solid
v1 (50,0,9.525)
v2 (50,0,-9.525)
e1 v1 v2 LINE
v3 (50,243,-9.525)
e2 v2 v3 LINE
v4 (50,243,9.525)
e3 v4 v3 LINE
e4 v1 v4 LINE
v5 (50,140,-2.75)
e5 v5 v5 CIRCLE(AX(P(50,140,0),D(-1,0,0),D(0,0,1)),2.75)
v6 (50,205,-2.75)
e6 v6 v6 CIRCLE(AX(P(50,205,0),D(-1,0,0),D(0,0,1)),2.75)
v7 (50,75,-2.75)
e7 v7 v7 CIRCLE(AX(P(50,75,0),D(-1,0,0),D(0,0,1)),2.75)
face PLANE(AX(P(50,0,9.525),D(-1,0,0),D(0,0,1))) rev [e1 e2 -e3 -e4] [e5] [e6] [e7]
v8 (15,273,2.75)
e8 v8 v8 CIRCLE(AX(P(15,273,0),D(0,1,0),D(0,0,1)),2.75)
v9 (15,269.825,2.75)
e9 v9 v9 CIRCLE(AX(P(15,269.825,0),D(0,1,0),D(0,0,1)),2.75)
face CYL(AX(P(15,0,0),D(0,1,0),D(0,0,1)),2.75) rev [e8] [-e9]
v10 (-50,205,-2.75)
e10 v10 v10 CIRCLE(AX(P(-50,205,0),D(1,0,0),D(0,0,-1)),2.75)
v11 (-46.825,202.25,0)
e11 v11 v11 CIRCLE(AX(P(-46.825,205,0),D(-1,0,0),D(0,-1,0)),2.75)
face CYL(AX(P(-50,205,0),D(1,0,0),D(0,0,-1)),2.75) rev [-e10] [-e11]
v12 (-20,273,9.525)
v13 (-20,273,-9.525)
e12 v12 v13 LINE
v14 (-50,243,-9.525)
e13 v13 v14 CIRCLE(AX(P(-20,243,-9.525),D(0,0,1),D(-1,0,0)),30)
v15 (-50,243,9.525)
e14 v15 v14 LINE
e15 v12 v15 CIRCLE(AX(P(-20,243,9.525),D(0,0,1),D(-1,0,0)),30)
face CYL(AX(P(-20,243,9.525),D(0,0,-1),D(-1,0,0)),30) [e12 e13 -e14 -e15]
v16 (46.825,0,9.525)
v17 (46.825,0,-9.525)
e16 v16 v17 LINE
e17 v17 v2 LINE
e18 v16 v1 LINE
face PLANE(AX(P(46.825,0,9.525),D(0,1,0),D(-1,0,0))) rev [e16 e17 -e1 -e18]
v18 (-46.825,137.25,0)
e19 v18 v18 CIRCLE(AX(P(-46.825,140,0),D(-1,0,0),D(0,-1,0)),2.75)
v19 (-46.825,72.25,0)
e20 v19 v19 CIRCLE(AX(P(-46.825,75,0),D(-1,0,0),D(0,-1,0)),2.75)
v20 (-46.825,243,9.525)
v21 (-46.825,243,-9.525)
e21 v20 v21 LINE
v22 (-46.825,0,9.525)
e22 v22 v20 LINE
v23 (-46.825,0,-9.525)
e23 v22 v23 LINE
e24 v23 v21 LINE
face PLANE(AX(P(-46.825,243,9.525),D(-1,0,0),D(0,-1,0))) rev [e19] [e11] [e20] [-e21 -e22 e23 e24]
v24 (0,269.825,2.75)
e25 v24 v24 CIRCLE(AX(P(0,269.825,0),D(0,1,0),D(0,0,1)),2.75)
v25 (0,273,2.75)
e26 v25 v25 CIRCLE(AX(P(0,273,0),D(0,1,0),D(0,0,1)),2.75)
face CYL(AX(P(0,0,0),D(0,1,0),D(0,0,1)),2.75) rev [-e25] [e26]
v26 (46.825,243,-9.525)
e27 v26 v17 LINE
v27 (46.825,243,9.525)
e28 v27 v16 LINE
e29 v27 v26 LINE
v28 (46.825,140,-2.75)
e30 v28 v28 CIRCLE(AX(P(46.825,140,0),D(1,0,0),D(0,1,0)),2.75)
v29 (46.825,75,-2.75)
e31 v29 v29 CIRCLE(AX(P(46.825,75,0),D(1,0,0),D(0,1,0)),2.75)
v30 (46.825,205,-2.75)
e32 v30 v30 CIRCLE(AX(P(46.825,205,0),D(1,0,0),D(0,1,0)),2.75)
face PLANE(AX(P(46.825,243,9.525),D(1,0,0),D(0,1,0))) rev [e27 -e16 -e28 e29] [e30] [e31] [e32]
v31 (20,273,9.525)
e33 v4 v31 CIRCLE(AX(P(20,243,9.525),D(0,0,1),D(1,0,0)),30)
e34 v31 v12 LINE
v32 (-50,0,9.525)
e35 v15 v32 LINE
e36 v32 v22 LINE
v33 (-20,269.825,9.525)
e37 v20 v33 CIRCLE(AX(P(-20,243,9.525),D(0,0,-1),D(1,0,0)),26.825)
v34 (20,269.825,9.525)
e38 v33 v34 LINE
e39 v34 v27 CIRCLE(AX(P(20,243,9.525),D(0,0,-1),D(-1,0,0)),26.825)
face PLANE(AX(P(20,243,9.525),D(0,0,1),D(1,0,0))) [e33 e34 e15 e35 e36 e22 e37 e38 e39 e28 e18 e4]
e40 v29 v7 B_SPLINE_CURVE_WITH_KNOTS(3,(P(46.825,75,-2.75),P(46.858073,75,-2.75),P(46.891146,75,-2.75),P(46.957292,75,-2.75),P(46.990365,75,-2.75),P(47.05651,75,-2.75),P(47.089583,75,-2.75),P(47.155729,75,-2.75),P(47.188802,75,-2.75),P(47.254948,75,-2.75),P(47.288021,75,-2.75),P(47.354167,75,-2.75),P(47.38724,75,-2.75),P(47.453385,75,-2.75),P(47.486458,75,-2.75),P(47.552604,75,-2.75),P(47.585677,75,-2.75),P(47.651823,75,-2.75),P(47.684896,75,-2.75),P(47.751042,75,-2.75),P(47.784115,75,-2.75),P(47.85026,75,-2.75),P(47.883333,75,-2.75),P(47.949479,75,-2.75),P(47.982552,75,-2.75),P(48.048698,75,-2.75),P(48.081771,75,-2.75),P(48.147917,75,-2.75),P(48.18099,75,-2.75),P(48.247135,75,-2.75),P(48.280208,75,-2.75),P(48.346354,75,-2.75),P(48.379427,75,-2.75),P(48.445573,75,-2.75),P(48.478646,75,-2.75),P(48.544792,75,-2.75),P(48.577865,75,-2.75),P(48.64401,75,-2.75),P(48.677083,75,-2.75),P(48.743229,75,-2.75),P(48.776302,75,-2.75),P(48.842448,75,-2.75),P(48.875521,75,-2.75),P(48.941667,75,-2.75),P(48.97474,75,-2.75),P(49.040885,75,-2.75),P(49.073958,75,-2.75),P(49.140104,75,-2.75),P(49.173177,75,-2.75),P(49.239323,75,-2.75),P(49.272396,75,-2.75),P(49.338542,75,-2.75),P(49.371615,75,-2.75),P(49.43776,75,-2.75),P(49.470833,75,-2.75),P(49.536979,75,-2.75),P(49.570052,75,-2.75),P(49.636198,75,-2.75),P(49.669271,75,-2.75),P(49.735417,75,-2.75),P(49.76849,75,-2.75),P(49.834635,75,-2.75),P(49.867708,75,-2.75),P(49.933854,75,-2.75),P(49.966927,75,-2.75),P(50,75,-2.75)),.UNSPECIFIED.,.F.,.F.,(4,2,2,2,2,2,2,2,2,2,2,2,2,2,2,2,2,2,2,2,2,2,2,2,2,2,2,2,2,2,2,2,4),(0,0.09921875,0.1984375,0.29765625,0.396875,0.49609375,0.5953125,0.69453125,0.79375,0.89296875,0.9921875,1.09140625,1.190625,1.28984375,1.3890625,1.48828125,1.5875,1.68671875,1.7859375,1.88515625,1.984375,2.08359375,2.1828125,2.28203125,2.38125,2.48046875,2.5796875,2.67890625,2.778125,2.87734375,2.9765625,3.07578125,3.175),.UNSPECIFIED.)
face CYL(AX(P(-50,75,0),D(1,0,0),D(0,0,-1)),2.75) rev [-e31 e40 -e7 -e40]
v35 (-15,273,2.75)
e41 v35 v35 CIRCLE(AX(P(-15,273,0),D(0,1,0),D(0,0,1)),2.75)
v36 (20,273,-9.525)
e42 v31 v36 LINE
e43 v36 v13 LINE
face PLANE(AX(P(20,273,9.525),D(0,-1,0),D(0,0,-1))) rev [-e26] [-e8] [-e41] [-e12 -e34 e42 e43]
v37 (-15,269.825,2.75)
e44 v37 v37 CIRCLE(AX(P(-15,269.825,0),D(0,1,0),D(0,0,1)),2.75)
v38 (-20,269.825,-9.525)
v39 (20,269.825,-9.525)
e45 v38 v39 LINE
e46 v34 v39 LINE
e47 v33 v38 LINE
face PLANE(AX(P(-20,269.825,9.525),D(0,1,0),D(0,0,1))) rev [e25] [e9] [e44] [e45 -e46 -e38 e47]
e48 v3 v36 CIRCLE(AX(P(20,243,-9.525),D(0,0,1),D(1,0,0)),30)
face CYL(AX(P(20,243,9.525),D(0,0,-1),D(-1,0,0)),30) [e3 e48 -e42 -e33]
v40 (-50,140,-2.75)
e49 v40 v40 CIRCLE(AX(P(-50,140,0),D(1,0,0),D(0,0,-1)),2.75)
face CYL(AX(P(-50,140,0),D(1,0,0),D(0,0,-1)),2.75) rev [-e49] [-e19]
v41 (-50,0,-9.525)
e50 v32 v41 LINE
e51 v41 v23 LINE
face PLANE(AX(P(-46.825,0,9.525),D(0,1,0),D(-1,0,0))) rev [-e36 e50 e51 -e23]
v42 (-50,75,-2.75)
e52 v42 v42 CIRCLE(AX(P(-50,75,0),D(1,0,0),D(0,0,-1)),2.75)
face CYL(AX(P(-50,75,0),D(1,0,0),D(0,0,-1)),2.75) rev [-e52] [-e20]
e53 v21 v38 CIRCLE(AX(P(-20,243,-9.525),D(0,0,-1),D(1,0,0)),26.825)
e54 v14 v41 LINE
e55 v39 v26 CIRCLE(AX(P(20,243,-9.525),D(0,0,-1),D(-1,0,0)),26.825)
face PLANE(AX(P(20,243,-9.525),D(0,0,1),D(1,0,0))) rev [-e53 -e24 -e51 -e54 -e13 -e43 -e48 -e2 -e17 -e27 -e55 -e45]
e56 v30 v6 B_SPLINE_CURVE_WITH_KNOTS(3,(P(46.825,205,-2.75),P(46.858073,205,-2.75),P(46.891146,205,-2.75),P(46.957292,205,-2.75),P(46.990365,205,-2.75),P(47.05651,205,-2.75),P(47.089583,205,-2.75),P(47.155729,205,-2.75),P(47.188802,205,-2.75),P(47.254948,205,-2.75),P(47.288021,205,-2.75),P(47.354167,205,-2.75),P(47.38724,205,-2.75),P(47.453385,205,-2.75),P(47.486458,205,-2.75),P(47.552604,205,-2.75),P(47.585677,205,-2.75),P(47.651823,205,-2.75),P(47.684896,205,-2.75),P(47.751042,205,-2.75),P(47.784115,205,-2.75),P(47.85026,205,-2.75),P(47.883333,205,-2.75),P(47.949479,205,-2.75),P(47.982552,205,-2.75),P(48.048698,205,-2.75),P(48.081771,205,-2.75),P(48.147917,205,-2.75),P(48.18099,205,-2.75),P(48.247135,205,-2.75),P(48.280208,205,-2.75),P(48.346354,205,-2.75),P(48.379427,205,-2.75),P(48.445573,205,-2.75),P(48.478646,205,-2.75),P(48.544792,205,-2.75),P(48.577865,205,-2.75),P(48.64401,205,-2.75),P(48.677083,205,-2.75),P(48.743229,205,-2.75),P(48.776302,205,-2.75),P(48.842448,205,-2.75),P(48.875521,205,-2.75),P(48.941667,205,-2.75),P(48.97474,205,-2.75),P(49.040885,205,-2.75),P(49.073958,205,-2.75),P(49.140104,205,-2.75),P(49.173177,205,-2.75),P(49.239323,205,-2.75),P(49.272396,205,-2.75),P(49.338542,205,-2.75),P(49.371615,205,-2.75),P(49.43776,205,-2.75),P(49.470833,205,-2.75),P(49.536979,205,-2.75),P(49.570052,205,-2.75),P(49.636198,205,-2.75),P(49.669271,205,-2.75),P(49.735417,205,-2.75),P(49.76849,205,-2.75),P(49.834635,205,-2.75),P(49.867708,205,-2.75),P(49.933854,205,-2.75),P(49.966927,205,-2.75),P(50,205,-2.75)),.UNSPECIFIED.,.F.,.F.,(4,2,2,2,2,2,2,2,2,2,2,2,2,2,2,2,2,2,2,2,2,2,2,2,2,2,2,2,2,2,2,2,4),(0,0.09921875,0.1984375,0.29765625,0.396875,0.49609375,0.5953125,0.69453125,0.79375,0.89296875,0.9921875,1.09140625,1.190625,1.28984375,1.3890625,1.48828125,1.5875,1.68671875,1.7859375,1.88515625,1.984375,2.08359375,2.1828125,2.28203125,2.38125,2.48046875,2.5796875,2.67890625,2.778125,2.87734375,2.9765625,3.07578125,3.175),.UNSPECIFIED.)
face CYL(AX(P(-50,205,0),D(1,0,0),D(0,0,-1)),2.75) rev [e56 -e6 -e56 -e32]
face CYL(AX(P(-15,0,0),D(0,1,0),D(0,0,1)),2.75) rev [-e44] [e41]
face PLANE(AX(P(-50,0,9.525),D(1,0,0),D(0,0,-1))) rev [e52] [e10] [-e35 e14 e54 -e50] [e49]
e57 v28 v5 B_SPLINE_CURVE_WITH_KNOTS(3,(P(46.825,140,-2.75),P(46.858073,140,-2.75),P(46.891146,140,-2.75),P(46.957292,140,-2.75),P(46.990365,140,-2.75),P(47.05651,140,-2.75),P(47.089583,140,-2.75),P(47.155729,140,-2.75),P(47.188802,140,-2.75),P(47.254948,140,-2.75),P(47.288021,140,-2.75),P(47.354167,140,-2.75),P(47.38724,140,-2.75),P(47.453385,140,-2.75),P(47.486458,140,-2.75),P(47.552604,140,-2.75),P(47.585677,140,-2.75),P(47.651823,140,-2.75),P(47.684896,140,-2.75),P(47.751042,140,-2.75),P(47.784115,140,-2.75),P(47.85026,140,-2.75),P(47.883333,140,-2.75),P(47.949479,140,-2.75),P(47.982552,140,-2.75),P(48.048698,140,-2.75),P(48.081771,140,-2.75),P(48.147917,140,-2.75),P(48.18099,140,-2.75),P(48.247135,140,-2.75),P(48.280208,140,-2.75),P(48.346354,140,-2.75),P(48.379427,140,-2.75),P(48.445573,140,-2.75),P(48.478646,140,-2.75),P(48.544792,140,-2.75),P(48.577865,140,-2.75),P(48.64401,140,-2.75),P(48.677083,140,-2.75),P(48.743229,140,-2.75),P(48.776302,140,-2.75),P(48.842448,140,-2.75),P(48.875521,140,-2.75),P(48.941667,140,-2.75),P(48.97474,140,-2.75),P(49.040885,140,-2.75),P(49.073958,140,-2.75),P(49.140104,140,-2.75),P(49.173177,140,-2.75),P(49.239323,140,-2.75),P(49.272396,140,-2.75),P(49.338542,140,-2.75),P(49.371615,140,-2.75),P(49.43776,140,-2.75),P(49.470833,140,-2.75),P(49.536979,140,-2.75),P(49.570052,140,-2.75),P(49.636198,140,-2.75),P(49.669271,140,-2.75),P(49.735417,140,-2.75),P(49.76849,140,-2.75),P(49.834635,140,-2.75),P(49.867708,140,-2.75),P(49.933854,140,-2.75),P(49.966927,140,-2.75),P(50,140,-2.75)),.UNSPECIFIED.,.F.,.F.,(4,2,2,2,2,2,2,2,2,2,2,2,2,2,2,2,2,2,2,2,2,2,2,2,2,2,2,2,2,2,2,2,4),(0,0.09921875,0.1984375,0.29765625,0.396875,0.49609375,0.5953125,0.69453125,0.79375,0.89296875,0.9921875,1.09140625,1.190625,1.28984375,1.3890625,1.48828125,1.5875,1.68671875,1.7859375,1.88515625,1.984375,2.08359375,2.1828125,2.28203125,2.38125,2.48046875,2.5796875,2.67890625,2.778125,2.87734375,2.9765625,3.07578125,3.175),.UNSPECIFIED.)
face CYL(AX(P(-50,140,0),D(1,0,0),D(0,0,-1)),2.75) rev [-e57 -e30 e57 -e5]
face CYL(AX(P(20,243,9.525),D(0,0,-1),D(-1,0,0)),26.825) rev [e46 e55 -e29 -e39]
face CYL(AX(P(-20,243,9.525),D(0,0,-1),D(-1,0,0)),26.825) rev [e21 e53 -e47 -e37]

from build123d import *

# Parameters (mm, degrees)
BOSS_EXTRUDE1_DEPTH     = 9.525
SKETCH12_R              = 2.75
CUT_EXTRUDE2_DEPTH      = 278.704385318
CUT_EXTRUDE3_DEPTH      = 291.894698516
CUT_EXTRUDE3_DEPTH_BACK = 291.894698516
SKETCH13_R              = 2.75


with BuildPart() as part:
    # Sketch1 → Boss-Extrude1 (new, symmetric)
    with BuildSketch(Plane.XY):
        with BuildLine():
            Line((50, 0), (50, 243))
            ThreePointArc((50, 243), (41.213203436, 264.213203436), (20, 273))
            Line((20, 273), (-20, 273))
            ThreePointArc((-20, 273), (-41.213203436, 264.213203436), (-50, 243))
            Line((-50, 243), (-50, 0))
            Line((-50, 0), (-46.825, 0))
            Line((-46.825, 0), (-46.825, 243))
            ThreePointArc((-46.825, 243), (-38.968139405, 261.968139405), (-20, 269.825))
            Line((-20, 269.825), (20, 269.825))
            ThreePointArc((20, 269.825), (38.968139405, 261.968139405), (46.825, 243))
            Line((46.825, 243), (46.825, 0))
            Line((46.825, 0), (50, 0))
        make_face()
    extrude(amount=BOSS_EXTRUDE1_DEPTH, both=True)

    # Sketch12 → Cut-Extrude2 (cut, through all)
    with BuildSketch(Plane(origin=(0, 273, 0), x_dir=(1, 0, 0), z_dir=(0, 1, 0))):
        with Locations(Location((0, 0, 0), (0, 0, 270))):
            Circle(SKETCH12_R)
        with Locations(Location((-15, 0, 0), (0, 0, 270))):
            Circle(SKETCH12_R)
        with Locations(Location((15, 0, 0), (0, 0, 270))):
            Circle(SKETCH12_R)
    extrude(amount=-CUT_EXTRUDE2_DEPTH, mode=Mode.SUBTRACT)

    # Sketch13 → Cut-Extrude3 (cut, two sides: drawn at the far end of the back side and taken through both)
    with BuildSketch(Plane(origin=(50, 0, 0), x_dir=(0, 0, -1), z_dir=(1, 0, 0)).offset(-CUT_EXTRUDE3_DEPTH_BACK)):
        with Locations((0, 205)):
            Circle(SKETCH13_R)
        with Locations((0, 140)):
            Circle(SKETCH13_R)
        with Locations((0, 75)):
            Circle(SKETCH13_R)
    extrude(amount=CUT_EXTRUDE3_DEPTH + CUT_EXTRUDE3_DEPTH_BACK, mode=Mode.SUBTRACT)


solid = part.part
